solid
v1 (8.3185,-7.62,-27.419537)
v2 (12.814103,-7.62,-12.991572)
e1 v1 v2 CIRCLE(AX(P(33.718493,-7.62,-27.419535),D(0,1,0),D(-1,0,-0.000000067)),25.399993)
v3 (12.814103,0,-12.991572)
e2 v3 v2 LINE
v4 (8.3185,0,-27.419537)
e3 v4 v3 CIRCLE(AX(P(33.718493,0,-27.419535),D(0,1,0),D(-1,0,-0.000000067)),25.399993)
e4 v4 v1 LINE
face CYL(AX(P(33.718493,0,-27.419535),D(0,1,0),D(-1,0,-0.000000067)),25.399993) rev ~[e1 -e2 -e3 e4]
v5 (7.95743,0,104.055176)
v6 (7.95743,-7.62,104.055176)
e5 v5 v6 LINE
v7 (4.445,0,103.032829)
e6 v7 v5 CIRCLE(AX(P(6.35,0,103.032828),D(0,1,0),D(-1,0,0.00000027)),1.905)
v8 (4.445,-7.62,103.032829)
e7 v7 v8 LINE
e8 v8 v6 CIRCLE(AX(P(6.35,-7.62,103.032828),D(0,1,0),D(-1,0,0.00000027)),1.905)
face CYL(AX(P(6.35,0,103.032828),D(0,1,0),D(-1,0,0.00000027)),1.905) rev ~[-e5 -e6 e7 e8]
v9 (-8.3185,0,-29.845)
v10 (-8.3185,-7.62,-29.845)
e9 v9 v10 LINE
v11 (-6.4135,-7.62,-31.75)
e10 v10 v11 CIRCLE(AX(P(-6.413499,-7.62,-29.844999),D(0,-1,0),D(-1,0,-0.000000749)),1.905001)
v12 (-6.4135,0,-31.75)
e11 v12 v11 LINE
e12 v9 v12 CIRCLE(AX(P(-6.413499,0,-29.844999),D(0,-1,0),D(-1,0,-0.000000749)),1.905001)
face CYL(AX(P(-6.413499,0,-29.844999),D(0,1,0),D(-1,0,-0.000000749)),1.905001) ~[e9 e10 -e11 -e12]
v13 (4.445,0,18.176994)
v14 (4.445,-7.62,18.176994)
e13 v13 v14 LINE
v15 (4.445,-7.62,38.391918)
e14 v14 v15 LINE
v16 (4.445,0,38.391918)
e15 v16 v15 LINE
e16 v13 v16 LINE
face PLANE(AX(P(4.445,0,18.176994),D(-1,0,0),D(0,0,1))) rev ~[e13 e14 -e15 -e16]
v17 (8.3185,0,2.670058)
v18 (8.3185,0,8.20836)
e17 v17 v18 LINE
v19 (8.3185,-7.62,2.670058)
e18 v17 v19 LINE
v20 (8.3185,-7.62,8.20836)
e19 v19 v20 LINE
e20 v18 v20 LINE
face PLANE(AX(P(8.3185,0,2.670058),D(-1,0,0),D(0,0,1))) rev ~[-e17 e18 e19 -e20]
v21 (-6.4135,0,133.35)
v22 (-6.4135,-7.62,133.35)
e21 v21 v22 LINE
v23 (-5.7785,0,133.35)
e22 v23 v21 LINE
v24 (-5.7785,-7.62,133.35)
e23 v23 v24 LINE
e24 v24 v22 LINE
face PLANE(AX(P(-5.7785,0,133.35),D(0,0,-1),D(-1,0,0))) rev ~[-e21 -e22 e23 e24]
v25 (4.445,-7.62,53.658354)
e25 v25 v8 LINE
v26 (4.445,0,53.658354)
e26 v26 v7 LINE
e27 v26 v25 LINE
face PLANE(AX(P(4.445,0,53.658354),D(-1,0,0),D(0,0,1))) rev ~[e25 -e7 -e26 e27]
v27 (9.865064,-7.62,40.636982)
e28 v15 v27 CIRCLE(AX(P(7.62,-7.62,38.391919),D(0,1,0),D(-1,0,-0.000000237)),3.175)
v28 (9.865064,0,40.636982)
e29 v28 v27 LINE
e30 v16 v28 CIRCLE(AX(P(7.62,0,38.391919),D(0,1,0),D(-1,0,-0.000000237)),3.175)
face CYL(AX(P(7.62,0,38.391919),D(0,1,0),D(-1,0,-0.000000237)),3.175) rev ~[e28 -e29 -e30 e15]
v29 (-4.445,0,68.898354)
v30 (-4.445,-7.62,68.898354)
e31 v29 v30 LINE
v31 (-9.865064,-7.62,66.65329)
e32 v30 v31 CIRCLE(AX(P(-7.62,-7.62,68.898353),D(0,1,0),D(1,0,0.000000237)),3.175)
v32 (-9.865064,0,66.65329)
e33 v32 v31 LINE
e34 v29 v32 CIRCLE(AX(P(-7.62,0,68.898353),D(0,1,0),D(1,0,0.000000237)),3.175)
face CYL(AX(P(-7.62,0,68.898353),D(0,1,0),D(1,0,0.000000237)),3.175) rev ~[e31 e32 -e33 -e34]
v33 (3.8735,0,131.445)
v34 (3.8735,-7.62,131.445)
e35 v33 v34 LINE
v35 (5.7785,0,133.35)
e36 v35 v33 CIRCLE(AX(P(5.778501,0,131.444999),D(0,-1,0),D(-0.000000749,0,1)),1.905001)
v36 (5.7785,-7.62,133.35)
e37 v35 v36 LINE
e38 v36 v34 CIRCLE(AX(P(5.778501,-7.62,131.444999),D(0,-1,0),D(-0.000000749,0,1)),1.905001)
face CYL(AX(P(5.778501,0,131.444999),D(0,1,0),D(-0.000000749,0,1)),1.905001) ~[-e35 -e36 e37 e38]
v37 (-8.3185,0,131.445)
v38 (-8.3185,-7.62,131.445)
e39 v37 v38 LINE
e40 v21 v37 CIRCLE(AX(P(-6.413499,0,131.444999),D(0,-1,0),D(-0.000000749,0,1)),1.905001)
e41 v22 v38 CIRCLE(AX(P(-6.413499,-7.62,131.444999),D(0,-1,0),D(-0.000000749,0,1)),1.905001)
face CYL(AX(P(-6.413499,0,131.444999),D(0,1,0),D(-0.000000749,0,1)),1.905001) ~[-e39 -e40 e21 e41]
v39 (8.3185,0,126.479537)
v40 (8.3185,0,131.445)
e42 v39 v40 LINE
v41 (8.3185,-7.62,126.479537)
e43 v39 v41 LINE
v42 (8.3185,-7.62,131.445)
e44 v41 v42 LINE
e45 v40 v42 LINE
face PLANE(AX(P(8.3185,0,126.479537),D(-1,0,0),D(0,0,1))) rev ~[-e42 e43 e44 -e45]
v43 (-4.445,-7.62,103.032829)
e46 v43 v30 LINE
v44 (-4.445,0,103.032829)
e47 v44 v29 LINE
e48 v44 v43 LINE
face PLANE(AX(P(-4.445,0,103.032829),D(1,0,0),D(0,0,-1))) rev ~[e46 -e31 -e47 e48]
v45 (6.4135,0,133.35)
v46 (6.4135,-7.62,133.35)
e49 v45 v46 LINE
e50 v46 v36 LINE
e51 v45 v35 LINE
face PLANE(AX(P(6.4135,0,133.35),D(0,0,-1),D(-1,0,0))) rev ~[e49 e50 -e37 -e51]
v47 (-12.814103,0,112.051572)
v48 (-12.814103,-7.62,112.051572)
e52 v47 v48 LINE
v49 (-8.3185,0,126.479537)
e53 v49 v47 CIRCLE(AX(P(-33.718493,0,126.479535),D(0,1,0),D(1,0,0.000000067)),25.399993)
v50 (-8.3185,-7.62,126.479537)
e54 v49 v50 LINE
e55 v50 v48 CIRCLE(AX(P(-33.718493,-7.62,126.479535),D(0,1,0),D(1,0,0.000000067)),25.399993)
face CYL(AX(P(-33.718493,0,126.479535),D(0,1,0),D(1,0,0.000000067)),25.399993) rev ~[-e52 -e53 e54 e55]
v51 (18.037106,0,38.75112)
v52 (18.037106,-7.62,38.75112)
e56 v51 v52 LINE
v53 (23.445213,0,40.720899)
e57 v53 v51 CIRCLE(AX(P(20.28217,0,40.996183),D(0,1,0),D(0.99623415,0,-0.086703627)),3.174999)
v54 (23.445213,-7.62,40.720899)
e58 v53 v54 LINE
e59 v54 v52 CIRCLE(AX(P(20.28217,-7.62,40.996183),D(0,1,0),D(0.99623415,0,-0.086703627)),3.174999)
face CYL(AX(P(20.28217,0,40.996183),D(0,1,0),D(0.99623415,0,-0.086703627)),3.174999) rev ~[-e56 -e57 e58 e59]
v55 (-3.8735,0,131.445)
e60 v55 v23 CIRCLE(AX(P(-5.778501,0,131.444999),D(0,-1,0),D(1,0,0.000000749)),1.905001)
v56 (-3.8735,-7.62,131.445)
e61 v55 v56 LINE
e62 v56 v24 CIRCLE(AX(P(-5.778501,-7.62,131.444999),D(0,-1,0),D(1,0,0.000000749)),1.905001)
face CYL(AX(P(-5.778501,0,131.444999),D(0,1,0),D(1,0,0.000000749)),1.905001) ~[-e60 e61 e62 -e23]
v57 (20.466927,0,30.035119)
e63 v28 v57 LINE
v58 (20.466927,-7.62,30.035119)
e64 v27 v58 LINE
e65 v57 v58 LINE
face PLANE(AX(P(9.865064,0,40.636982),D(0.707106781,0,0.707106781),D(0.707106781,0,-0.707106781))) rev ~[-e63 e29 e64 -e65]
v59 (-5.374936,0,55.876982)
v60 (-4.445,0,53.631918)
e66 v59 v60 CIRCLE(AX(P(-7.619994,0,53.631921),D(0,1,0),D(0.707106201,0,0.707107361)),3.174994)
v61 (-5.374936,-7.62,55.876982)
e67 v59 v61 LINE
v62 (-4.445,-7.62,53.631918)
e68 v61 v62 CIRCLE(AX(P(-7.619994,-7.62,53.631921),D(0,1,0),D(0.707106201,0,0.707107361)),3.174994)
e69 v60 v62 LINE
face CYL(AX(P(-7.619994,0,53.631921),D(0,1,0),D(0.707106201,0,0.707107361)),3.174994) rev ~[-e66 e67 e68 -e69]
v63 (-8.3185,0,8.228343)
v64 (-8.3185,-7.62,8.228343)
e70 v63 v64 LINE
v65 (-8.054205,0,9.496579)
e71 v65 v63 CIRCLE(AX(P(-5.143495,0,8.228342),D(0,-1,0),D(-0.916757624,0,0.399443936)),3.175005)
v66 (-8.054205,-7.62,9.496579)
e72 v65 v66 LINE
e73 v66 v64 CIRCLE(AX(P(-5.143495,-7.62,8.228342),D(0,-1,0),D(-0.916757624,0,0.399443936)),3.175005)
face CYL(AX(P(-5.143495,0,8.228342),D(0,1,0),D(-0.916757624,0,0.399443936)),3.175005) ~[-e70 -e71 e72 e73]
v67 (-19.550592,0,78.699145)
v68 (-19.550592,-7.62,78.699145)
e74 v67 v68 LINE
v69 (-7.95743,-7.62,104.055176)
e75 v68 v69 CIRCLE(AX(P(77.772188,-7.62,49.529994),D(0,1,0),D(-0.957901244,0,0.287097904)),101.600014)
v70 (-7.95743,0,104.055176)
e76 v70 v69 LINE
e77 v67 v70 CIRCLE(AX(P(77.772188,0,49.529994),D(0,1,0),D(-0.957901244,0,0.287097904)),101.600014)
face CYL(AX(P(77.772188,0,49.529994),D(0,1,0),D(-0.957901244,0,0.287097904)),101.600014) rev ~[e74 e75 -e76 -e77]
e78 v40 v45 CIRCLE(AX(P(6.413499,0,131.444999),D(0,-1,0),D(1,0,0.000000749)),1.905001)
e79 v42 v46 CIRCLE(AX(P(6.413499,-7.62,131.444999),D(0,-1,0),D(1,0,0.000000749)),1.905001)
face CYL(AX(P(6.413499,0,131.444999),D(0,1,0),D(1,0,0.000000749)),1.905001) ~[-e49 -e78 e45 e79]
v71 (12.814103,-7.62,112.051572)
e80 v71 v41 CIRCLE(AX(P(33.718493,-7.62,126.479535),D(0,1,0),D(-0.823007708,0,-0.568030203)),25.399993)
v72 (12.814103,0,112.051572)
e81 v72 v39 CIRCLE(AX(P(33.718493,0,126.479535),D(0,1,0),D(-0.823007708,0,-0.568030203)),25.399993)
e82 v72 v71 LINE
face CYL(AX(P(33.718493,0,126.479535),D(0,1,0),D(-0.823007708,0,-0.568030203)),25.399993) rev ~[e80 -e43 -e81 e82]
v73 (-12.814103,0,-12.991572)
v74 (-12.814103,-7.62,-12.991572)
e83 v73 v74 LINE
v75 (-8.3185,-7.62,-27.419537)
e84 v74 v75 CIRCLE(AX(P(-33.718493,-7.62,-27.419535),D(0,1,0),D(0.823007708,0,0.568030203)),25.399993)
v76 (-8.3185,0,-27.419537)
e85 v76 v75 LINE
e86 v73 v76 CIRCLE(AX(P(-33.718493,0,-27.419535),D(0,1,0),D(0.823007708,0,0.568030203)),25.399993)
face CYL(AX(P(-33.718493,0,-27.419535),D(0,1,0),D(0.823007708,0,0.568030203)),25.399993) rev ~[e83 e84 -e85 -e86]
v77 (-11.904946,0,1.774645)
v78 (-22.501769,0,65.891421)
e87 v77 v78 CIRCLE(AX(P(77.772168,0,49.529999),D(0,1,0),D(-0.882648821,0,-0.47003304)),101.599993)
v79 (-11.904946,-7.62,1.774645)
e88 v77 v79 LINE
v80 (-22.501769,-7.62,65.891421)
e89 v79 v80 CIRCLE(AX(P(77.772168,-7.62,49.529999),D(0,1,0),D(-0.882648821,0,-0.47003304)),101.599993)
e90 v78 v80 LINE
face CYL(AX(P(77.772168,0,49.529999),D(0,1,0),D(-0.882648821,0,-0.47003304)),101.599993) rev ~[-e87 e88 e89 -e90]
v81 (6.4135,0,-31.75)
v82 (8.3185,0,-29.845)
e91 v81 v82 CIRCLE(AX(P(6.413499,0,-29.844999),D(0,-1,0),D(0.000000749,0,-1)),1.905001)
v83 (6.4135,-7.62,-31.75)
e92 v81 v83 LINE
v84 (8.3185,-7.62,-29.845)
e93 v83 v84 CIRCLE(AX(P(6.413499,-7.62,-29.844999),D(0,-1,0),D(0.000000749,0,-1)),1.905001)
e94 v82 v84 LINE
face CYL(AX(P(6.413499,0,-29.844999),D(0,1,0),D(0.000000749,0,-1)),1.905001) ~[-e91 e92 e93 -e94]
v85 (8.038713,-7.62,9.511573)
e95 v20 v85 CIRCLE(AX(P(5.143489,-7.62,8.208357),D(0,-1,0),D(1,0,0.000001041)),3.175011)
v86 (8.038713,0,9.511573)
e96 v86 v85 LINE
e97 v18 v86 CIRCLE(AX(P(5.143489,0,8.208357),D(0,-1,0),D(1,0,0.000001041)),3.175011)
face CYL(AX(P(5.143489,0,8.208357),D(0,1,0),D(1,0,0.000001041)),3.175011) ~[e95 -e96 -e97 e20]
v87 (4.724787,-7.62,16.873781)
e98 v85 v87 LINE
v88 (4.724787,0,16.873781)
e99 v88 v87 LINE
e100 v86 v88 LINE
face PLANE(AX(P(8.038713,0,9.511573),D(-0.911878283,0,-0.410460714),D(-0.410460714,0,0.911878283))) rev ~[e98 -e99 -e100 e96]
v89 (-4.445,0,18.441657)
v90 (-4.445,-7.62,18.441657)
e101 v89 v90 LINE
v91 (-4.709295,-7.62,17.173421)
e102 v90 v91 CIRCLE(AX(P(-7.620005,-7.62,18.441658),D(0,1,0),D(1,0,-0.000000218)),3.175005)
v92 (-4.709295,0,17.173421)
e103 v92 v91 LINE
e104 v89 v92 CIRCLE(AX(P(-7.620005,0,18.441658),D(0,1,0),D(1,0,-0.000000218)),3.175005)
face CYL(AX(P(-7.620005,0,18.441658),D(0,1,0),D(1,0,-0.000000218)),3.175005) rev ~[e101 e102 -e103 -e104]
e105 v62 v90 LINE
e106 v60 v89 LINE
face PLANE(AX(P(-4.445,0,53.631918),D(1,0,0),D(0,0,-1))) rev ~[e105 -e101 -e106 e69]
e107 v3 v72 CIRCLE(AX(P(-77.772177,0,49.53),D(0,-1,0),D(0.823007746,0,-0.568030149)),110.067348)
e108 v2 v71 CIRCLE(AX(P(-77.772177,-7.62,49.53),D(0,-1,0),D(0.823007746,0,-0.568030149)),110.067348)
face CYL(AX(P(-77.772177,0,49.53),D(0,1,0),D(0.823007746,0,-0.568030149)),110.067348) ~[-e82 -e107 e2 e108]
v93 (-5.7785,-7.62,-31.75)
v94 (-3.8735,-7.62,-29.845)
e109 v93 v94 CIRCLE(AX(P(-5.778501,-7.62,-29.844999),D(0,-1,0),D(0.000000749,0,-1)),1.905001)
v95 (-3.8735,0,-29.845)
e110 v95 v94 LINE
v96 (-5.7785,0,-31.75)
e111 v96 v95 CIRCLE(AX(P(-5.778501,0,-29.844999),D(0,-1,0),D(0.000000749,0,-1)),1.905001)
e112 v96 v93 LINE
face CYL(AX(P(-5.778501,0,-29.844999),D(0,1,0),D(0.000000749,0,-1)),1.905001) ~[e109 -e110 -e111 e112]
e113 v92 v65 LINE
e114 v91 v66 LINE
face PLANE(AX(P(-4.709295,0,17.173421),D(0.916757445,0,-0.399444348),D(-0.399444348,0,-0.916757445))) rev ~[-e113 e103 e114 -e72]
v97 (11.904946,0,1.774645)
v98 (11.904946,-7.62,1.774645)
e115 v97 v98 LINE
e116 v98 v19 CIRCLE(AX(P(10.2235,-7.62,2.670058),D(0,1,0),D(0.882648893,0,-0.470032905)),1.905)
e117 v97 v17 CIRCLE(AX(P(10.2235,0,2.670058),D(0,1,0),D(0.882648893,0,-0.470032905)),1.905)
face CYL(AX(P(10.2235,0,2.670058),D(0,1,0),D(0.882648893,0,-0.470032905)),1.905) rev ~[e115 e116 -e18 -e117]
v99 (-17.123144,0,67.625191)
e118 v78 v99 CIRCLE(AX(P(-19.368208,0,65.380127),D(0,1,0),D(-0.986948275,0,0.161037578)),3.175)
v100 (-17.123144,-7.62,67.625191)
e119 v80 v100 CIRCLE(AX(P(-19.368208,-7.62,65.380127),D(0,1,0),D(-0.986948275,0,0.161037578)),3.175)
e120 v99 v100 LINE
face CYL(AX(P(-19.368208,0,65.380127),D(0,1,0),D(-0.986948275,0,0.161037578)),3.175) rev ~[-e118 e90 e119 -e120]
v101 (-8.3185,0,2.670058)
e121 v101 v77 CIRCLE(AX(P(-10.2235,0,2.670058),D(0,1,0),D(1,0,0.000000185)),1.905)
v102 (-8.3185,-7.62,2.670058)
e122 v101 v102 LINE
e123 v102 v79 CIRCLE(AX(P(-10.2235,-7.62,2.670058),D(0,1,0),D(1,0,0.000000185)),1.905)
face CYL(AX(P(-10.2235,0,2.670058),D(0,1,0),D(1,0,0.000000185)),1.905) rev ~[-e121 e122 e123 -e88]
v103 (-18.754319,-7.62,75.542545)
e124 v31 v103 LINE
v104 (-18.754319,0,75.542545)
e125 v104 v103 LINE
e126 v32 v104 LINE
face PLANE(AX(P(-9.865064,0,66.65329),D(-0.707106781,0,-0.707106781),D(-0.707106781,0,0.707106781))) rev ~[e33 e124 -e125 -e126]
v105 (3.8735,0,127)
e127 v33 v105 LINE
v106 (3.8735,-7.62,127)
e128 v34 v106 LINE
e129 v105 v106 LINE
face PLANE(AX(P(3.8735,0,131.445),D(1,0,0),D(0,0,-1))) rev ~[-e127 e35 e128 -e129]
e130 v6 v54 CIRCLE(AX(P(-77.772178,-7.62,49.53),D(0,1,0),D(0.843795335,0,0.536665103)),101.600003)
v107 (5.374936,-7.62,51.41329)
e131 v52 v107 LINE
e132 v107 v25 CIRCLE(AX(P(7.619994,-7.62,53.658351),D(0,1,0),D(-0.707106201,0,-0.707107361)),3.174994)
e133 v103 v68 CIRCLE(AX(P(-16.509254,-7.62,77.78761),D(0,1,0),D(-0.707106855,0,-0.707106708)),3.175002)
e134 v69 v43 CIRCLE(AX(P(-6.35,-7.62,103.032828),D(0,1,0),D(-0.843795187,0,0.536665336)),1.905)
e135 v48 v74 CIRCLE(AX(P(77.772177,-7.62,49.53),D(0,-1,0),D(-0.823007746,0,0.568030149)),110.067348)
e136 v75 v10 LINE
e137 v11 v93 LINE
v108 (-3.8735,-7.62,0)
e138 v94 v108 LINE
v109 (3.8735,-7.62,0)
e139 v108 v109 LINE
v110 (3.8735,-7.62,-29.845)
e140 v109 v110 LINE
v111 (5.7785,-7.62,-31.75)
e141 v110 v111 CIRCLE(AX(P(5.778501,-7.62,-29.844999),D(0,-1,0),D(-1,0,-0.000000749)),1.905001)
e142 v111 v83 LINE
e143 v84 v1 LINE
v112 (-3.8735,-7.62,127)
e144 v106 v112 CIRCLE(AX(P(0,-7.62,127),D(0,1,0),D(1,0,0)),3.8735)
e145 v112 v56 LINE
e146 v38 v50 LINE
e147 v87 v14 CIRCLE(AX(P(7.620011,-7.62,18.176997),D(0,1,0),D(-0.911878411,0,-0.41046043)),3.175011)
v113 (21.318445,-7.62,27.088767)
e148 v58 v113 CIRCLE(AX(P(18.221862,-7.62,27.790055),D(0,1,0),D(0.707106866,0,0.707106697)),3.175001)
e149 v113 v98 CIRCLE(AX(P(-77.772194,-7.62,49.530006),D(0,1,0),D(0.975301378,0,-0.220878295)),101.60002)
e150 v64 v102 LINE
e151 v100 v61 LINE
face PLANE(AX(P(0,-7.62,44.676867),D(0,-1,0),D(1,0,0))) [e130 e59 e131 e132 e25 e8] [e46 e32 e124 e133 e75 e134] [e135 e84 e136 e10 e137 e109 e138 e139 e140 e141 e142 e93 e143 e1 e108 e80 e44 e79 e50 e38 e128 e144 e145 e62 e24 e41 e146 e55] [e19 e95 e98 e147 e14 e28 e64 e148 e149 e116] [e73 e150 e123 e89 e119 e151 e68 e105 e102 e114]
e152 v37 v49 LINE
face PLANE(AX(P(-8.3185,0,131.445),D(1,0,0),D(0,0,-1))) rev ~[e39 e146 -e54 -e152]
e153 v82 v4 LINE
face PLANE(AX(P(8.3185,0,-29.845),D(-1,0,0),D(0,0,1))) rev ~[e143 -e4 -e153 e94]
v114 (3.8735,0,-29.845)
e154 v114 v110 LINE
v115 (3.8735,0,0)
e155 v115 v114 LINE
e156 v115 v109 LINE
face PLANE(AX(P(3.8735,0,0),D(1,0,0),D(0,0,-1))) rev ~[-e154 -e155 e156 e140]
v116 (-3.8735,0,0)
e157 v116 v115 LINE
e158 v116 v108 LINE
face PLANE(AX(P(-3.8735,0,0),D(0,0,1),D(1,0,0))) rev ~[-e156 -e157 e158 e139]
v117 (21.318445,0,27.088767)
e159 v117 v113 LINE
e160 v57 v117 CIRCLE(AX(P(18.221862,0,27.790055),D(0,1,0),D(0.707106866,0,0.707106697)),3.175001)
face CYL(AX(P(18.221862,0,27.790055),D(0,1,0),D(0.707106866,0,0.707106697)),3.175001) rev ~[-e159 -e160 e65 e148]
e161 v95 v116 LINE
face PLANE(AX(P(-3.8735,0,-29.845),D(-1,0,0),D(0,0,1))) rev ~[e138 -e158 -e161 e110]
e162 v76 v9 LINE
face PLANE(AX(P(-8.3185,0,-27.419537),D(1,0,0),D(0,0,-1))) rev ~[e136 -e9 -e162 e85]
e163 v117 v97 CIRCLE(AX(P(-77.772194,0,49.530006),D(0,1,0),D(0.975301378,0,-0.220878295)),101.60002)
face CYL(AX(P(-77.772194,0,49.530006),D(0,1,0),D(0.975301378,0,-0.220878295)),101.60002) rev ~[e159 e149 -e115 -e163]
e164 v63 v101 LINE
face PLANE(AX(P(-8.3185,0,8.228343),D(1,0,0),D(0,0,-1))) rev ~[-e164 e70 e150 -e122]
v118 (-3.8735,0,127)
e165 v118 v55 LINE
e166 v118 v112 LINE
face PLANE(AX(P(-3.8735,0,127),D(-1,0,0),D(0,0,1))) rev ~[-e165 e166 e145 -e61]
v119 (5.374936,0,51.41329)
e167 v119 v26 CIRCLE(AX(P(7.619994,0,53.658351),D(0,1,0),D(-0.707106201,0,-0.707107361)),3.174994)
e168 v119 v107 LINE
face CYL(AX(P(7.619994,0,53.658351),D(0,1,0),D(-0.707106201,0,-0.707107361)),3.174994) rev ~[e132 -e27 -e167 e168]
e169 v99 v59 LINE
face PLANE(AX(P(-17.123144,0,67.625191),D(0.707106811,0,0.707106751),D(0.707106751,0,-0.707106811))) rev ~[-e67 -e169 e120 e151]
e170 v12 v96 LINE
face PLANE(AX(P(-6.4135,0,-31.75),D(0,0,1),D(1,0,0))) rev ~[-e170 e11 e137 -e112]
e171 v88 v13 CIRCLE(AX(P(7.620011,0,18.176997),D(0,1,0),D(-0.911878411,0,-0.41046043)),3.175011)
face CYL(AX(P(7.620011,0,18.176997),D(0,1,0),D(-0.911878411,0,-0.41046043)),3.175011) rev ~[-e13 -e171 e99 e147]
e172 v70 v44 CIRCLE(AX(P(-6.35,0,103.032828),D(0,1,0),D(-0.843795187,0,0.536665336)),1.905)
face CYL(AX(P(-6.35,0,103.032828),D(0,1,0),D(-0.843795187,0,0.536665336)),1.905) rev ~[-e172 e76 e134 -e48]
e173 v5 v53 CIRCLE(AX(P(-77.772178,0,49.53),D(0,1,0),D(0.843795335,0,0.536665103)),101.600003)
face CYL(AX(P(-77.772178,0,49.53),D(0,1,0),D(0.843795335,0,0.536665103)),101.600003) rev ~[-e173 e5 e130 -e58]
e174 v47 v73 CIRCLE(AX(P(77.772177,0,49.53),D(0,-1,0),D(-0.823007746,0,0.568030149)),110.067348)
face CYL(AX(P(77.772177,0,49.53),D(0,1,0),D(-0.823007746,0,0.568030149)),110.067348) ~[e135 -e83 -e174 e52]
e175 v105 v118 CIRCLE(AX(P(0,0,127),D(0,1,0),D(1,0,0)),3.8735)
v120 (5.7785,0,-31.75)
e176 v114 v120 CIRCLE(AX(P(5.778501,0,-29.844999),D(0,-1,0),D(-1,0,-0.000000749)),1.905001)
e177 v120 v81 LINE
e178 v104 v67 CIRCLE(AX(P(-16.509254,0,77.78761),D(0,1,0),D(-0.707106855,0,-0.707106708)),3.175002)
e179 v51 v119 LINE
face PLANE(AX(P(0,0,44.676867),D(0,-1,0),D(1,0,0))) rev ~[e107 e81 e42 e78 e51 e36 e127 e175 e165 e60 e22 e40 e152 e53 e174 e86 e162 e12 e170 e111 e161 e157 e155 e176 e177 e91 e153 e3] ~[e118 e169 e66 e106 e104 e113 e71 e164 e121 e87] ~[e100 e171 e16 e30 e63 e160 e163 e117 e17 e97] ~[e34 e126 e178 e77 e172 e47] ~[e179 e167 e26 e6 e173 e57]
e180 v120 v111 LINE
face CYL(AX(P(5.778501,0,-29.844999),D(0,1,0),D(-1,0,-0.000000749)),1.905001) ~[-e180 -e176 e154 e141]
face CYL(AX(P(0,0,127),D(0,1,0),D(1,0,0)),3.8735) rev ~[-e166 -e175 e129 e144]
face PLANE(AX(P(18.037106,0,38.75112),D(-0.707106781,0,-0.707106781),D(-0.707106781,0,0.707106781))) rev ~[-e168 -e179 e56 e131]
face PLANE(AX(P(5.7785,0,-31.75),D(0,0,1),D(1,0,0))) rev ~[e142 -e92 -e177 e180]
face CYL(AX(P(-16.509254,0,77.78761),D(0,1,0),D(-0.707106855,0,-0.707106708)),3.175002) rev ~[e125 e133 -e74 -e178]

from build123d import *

# Parameters (mm, degrees)
F1_DEPTH = 7.62


with BuildPart() as f1:
    # F0 (on Front) → F1 (new body)
    with BuildSketch(Plane.XZ):
        with BuildLine():
            Line((-3.8735, -29.845), (-3.8735, 0))
            Line((-3.8735, 0), (3.8735, 0))
            Line((3.8735, 0), (3.8735, -29.845))
            ThreePointArc((3.8735, -29.845), (4.431462, -31.192038), (5.7785, -31.75))
            Line((5.7785, -31.75), (6.4135, -31.75))
            ThreePointArc((6.4135, -31.75), (7.760538, -31.192038), (8.3185, -29.845))
            Line((8.3185, -29.845), (8.3185, -27.419537))
            ThreePointArc((8.3185, -27.419537), (9.468431, -19.863469), (12.814103, -12.991572))
            ThreePointArc((12.814103, -12.991572), (32.295171, 49.53), (12.814103, 112.051572))
            ThreePointArc((12.814103, 112.051572), (9.468431, 118.923469), (8.3185, 126.479537))
            Line((8.3185, 126.479537), (8.3185, 131.445))
            ThreePointArc((8.3185, 131.445), (7.760538, 132.792038), (6.4135, 133.35))
            Line((6.4135, 133.35), (5.7785, 133.35))
            ThreePointArc((5.7785, 133.35), (4.431462, 132.792038), (3.8735, 131.445))
            Line((3.8735, 131.445), (3.8735, 127))
            ThreePointArc((3.8735, 127), (0, 123.1265), (-3.8735, 127))
            Line((-3.8735, 127), (-3.8735, 131.445))
            ThreePointArc((-3.8735, 131.445), (-4.431462, 132.792038), (-5.7785, 133.35))
            Line((-5.7785, 133.35), (-6.4135, 133.35))
            ThreePointArc((-6.4135, 133.35), (-7.760538, 132.792038), (-8.3185, 131.445))
            Line((-8.3185, 131.445), (-8.3185, 126.479537))
            ThreePointArc((-8.3185, 126.479537), (-9.468431, 118.923469), (-12.814103, 112.051572))
            ThreePointArc((-12.814103, 112.051572), (-32.295171, 49.53), (-12.814103, -12.991572))
            ThreePointArc((-12.814103, -12.991572), (-9.468431, -19.863469), (-8.3185, -27.419537))
            Line((-8.3185, -27.419537), (-8.3185, -29.845))
            ThreePointArc((-8.3185, -29.845), (-7.760538, -31.192038), (-6.4135, -31.75))
            Line((-6.4135, -31.75), (-5.7785, -31.75))
            ThreePointArc((-5.7785, -31.75), (-4.431462, -31.192038), (-3.8735, -29.845))
        make_face()
        with BuildLine():
            ThreePointArc((-4.445, 18.441657), (-4.511776, 17.793916), (-4.709295, 17.173421))
            Line((-4.709295, 17.173421), (-8.054205, 9.496579))
            ThreePointArc((-8.054205, 9.496579), (-8.251724, 8.876084), (-8.3185, 8.228343))
            Line((-8.3185, 8.228343), (-8.3185, 2.670058))
            ThreePointArc((-8.3185, 2.670058), (-9.762051, 0.821791), (-11.904946, 1.774645))
            ThreePointArc((-11.904946, 1.774645), (-22.467997, 32.962926), (-22.501769, 65.891421))
            ThreePointArc((-22.501769, 65.891421), (-20.342296, 68.40201), (-17.123144, 67.625191))
            Line((-17.123144, 67.625191), (-5.374936, 55.876982))
            ThreePointArc((-5.374936, 55.876982), (-4.686682, 54.846938), (-4.445, 53.631918))
            Line((-4.445, 53.631918), (-4.445, 18.441657))
        make_face(mode=Mode.SUBTRACT)
        with BuildLine():
            ThreePointArc((8.3185, 8.20836), (8.247765, 8.874814), (8.038713, 9.511573))
            Line((8.038713, 9.511573), (4.724787, 16.873781))
            ThreePointArc((4.724787, 16.873781), (4.515735, 17.51054), (4.445, 18.176994))
            Line((4.445, 18.176994), (4.445, 38.391918))
            ThreePointArc((4.445, 38.391918), (6.40498, 41.325236), (9.865064, 40.636982))
            Line((9.865064, 40.636982), (20.466927, 30.035119))
            ThreePointArc((20.466927, 30.035119), (21.272034, 28.671577), (21.318445, 27.088767))
            ThreePointArc((21.318445, 27.088767), (17.456582, 14.11752), (11.904946, 1.774645))
            ThreePointArc((11.904946, 1.774645), (9.762051, 0.821791), (8.3185, 2.670058))
            Line((8.3185, 2.670058), (8.3185, 8.20836))
        make_face(mode=Mode.SUBTRACT)
        with BuildLine():
            ThreePointArc((-7.95743, 104.055176), (-5.817614, 104.861924), (-4.445, 103.032829))
            Line((-4.445, 103.032829), (-4.445, 68.898354))
            ThreePointArc((-4.445, 68.898354), (-6.40498, 65.965036), (-9.865064, 66.65329))
            Line((-9.865064, 66.65329), (-18.754319, 75.542545))
            ThreePointArc((-18.754319, 75.542545), (-19.587816, 77.011022), (-19.550592, 78.699145))
            ThreePointArc((-19.550592, 78.699145), (-14.627905, 91.776718), (-7.95743, 104.055176))
        make_face(mode=Mode.SUBTRACT)
        with BuildLine():
            ThreePointArc((4.445, 103.032829), (5.817614, 104.861924), (7.95743, 104.055176))
            ThreePointArc((7.95743, 104.055176), (20.919781, 73.664161), (23.445213, 40.720899))
            ThreePointArc((23.445213, 40.720899), (21.368761, 38.012906), (18.037106, 38.75112))
            Line((18.037106, 38.75112), (5.374936, 51.41329))
            ThreePointArc((5.374936, 51.41329), (4.686682, 52.443334), (4.445, 53.658354))
            Line((4.445, 53.658354), (4.445, 103.032829))
        make_face(mode=Mode.SUBTRACT)
    extrude(amount=F1_DEPTH)


solid = f1.part
